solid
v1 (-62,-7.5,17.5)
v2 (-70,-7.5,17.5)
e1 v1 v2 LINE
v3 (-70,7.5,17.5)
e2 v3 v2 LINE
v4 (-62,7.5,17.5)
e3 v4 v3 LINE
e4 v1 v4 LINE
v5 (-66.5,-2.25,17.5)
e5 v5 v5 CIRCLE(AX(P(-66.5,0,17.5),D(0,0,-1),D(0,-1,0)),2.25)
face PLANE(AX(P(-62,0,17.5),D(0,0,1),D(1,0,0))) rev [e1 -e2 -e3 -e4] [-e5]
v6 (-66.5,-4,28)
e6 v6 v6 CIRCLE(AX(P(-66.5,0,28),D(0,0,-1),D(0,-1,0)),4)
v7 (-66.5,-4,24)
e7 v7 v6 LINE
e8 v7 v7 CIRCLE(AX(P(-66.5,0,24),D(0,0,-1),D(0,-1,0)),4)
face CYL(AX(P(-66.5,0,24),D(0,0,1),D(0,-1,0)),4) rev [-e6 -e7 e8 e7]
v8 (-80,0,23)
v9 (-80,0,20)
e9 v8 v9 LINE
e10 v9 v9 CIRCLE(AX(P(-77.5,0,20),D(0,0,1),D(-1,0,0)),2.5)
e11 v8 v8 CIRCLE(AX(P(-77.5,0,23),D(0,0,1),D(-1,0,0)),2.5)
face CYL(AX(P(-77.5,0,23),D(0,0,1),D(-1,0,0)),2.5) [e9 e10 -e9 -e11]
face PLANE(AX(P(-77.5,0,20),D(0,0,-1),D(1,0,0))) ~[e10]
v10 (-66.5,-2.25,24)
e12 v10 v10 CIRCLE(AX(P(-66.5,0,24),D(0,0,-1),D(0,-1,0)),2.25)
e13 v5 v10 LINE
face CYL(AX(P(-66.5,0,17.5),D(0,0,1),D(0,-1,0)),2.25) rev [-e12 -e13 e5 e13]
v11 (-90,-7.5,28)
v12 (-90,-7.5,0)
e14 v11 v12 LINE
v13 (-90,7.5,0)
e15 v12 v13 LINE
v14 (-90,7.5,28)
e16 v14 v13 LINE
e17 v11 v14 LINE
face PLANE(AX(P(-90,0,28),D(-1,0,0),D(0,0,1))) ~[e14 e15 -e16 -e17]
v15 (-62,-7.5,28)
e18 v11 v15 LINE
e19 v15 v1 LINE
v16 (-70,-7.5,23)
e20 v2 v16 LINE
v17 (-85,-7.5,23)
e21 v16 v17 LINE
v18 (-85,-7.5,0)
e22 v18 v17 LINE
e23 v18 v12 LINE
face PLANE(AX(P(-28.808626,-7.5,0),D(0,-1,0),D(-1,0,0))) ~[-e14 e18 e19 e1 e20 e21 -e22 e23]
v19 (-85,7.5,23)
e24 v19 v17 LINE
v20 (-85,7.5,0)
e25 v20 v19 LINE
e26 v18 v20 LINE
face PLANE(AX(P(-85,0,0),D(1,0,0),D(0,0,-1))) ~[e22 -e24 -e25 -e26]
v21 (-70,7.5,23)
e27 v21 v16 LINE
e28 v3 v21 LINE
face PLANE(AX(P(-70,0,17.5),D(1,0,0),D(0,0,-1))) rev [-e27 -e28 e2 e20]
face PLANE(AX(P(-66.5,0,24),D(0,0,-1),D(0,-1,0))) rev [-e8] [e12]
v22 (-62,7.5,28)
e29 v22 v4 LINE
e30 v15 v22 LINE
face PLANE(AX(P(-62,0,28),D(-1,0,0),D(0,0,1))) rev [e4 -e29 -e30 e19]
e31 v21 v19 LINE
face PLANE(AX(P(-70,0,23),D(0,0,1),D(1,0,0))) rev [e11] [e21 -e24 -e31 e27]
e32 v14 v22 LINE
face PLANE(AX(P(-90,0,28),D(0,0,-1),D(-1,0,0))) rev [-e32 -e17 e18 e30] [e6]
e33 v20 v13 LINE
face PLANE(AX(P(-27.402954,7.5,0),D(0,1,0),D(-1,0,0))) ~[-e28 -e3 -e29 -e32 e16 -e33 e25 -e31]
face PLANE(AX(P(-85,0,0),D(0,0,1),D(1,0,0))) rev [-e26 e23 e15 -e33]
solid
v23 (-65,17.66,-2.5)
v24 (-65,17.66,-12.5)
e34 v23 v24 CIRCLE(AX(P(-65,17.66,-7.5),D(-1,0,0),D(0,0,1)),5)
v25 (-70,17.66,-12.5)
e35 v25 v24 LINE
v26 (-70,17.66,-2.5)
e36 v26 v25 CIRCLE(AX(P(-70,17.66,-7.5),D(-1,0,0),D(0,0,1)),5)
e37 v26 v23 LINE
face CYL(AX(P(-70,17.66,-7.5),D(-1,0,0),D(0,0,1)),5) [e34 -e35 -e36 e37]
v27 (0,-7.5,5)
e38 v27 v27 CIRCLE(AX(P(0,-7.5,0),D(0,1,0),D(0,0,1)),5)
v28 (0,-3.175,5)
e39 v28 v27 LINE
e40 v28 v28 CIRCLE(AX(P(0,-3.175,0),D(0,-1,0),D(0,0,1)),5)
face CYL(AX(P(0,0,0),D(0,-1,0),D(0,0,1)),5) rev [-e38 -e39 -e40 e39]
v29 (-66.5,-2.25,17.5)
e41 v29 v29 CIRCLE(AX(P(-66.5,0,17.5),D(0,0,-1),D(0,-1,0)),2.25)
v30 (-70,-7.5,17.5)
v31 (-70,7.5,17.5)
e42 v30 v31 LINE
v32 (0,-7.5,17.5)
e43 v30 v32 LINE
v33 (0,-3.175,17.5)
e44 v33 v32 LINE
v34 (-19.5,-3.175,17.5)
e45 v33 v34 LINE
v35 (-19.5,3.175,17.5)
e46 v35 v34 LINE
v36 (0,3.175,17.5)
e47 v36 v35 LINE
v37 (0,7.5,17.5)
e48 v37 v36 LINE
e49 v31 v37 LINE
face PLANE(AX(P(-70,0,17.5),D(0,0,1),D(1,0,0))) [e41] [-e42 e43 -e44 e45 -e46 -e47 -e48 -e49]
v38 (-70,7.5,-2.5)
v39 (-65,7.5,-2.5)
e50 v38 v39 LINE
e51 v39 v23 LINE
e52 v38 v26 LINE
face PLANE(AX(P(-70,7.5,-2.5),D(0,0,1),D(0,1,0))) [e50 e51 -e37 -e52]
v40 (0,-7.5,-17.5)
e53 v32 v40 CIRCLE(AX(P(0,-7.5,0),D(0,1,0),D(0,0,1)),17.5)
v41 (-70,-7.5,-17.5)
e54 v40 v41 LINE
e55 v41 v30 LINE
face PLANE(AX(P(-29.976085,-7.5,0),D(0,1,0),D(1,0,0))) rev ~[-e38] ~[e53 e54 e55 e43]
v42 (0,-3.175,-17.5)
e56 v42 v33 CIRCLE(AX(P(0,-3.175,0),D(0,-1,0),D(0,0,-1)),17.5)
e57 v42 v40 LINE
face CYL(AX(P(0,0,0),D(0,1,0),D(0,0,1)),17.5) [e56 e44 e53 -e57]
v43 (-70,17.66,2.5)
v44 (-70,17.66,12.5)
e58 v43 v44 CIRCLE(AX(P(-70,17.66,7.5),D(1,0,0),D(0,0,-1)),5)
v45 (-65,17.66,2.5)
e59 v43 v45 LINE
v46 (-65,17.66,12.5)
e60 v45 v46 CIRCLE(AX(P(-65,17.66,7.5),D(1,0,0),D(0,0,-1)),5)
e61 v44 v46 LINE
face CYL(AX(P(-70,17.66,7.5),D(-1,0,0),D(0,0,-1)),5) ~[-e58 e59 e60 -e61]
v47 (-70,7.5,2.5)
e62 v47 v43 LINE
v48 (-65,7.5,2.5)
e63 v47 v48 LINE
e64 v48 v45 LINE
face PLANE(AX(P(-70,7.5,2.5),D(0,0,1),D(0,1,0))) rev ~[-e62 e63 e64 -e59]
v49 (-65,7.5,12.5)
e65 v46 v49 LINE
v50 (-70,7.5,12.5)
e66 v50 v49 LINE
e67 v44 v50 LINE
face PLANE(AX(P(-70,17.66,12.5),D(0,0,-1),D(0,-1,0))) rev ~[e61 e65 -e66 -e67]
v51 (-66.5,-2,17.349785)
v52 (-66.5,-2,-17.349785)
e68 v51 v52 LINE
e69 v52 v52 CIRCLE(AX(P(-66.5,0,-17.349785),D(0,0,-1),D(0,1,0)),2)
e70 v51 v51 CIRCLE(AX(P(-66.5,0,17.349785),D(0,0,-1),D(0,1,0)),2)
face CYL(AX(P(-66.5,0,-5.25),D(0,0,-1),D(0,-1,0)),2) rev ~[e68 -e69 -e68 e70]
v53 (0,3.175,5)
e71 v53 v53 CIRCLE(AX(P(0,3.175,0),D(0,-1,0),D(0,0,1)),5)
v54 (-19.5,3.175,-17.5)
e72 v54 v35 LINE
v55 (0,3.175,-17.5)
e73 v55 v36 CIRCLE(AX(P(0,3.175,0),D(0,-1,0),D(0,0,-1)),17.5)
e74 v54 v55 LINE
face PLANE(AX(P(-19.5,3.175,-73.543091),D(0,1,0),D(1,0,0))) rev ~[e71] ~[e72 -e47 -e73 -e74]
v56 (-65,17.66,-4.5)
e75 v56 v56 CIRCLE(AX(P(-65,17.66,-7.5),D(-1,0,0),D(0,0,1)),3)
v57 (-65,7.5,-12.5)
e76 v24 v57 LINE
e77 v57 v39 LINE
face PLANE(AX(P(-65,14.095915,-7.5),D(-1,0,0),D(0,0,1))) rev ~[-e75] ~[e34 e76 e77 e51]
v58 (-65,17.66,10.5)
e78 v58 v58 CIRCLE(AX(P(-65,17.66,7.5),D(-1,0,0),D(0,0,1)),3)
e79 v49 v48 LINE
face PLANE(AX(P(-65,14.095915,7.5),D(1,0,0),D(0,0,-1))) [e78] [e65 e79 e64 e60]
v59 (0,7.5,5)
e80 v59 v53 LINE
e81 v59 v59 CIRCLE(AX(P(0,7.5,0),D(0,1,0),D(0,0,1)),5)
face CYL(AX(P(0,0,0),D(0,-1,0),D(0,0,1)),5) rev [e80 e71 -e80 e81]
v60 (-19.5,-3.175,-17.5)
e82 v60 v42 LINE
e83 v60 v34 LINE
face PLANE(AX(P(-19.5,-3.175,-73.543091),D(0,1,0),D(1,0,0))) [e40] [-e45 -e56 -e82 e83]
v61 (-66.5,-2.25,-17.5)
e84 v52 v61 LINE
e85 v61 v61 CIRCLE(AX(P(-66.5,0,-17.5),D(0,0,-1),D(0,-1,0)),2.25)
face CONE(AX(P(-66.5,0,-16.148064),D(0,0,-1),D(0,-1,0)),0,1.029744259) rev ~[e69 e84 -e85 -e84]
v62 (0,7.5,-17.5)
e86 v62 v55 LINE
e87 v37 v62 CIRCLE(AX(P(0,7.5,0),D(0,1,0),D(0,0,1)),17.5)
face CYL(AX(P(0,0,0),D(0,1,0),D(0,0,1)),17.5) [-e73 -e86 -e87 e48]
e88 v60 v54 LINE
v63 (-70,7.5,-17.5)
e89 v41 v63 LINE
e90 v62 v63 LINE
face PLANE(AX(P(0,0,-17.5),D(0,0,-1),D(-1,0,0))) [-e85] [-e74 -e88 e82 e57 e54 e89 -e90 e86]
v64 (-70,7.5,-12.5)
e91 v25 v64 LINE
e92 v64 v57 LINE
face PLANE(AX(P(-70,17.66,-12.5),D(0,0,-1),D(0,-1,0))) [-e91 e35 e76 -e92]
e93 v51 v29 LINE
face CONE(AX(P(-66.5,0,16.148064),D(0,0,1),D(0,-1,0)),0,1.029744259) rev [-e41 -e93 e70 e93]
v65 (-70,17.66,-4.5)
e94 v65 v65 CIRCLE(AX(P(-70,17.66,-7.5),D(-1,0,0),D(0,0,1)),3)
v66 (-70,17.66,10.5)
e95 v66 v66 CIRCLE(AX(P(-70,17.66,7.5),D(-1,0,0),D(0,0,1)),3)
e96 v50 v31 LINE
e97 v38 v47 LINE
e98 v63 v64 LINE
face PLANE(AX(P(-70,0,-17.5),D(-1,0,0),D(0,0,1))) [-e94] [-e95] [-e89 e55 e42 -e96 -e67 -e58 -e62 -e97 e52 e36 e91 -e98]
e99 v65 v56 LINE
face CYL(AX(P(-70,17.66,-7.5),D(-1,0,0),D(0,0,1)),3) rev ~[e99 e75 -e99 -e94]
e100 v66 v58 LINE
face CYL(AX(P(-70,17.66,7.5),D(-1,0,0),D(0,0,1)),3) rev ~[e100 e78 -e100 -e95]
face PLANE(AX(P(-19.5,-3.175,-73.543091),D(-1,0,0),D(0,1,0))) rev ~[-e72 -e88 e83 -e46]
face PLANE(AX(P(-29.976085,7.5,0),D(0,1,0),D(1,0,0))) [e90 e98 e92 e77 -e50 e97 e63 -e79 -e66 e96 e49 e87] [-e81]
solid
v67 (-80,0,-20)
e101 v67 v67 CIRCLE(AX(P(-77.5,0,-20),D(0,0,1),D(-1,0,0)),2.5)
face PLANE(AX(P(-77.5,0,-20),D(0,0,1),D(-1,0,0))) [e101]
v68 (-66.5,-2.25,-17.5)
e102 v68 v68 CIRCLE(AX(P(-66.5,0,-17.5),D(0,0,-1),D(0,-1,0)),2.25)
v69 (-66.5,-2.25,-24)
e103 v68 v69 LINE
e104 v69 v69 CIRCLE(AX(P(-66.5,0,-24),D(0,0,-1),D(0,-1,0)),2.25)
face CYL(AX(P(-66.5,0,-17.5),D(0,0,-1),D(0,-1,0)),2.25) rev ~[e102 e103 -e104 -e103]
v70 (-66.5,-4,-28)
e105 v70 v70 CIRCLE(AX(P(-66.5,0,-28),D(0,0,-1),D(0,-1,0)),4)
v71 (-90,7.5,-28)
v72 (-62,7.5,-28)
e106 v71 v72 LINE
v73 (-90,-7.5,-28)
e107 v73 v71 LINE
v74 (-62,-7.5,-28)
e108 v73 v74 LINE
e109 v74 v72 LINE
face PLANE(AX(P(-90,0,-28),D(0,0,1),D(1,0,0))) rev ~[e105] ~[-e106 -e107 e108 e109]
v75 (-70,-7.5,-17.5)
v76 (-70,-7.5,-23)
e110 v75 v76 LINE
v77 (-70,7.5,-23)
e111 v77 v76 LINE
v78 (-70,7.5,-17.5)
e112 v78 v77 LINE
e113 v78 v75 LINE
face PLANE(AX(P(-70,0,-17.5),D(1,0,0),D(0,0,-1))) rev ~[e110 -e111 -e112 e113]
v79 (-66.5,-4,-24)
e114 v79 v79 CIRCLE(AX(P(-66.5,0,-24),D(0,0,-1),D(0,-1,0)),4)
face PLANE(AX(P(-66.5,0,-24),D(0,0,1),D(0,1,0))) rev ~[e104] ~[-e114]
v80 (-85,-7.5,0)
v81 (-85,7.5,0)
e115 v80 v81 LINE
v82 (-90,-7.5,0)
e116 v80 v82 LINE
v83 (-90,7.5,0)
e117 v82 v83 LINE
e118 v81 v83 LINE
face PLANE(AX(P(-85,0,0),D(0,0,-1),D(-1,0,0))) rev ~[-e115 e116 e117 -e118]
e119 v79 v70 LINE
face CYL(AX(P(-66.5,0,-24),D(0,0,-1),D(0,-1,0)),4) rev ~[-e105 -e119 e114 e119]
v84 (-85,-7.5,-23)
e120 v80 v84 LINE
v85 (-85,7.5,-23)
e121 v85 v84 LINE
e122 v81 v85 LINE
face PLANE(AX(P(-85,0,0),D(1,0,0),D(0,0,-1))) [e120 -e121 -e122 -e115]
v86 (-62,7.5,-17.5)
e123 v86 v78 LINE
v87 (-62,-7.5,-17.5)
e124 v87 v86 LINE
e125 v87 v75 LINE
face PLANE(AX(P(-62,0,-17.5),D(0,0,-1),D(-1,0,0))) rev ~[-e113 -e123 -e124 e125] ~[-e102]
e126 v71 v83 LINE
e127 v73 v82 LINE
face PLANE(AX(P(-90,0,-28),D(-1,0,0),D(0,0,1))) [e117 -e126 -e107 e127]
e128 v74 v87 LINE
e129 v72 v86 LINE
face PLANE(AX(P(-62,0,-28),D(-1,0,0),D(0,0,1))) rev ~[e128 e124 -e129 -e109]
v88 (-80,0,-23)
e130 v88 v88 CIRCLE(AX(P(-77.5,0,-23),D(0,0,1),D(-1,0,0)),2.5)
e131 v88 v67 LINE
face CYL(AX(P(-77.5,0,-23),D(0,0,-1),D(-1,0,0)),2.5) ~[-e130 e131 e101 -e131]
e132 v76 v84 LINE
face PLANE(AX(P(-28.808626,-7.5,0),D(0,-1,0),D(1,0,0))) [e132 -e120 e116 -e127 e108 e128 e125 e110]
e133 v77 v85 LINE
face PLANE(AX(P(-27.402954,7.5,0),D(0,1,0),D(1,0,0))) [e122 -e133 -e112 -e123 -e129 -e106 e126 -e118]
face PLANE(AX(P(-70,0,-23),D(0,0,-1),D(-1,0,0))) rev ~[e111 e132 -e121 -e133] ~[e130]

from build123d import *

# Parameters (mm, degrees)
SKETCH1_R                       = 5
BOSS_EXTRUDE2_DEPTH             = 7.5
CUT_EXTRUDE2_DEPTH              = 73.543090643
CUT_EXTRUDE2_DEPTH_BACK         = 73.543090643
SKETCH4_W                       = 37
SKETCH4_H                       = 6.35
SKETCH6_R                       = 3
BOSS_EXTRUDE5_DEPTH             = 5
BOSS_EXTRUDE6_REACH             = 77.629
BOSS_EXTRUDE6_DIRECTION_2_REACH = 77.629
SKETCH9_R                       = 2.5
BOSS_EXTRUDE7_DEPTH             = 3
SKETCH15_W                      = 2
SKETCH15_H                      = 45.5


with BuildPart() as part:
    # Sketch1 → Boss-Extrude2 (new, symmetric)
    with BuildSketch(Plane(origin=(0, 0, 0), x_dir=(1, 0, 0), z_dir=(0, 1, 0))):
        with BuildLine():
            Line((0, 17.5), (-70, 17.5))
            Line((-70, 17.5), (-70, -17.5))
            Line((-70, -17.5), (0, -17.5))
            ThreePointArc((0, -17.5), (17.5, 0), (0, 17.5))
        make_face()
        with Locations(Location((0, 0, 0), (0, 0, 270))):
            Circle(SKETCH1_R, mode=Mode.SUBTRACT)
    extrude(amount=BOSS_EXTRUDE2_DEPTH, both=True)

    # Sketch4 → Cut-Extrude2 (cut, two sides: drawn at the far end of the back side and taken through both)
    with BuildSketch(Plane.XY.offset(-CUT_EXTRUDE2_DEPTH_BACK)):
        with Locations((-1, 0)):
            Rectangle(SKETCH4_W, SKETCH4_H)
    extrude(amount=CUT_EXTRUDE2_DEPTH + CUT_EXTRUDE2_DEPTH_BACK, mode=Mode.SUBTRACT)

    # Sketch6 → Boss-Extrude5 (add)
    # profile 1 of 2: a face of its own
    with BuildSketch(Plane.ZY.offset(70)):
        with BuildLine():
            Line((-12.5, 7.5), (-2.5, 7.5))
            Line((-2.5, 7.5), (-2.5, 17.66))
            ThreePointArc((-2.5, 17.66), (-7.5, 22.66), (-12.5, 17.66))
            Line((-12.5, 17.66), (-12.5, 7.5))
        make_face()
        with Locations((-7.5, 17.66)):
            Circle(SKETCH6_R, mode=Mode.SUBTRACT)
    # profile 2 of 2: a face of its own
    with BuildSketch(Plane.ZY.offset(70)):
        with BuildLine():
            Line((12.5, 7.5), (2.5, 7.5))
            Line((2.5, 7.5), (2.5, 17.66))
            ThreePointArc((2.5, 17.66), (7.5, 22.66), (12.5, 17.66))
            Line((12.5, 17.66), (12.5, 7.5))
        make_face()
        with Locations((7.5, 17.66)):
            Circle(SKETCH6_R, mode=Mode.SUBTRACT)
    extrude(amount=-BOSS_EXTRUDE5_DEPTH)


with BuildPart() as body_2:

    # Boss-Extrude6: up to this face of the body (flat: up to its plane)
    boss_extrude6_end = Plane(part.part.faces().sort_by_distance((-27.402953524, 7.5, 0))[0])
    # Sketch8 → Boss-Extrude6 (new, up to the picked face)
    with BuildSketch(Plane(origin=(0, 0, 0), x_dir=(1, 0, 0), z_dir=(0, 1, 0)), mode=Mode.PRIVATE) as boss_extrude6_sk1:
        Polygon((-62, 17.5), (-70, 17.5), (-70, 23), (-85, 23), (-85, 17.5), (-85, 0), (-90, 0), (-90, 17.5), (-90, 28), (-62, 28), align=None)
    boss_extrude6_tool1 = split(extrude(boss_extrude6_sk1.sketch, amount=BOSS_EXTRUDE6_REACH, mode=Mode.PRIVATE), bisect_by=boss_extrude6_end, keep=Keep.BOTH, mode=Mode.PRIVATE)
    add(boss_extrude6_tool1.solids().sort_by(Axis((-66, 0, -17.89598), (0, 1, 0)))[0])


    # Boss-Extrude6 direction 2: up to this face of the body (flat: up to its plane)
    boss_extrude6_direction_2_end = Plane(part.part.faces().sort_by_distance((-28.808626222, -7.5, 0))[0])
    # Sketch8 → Boss-Extrude6 direction 2 (add, up to the picked face)
    with BuildSketch(Plane(origin=(0, 0, 0), x_dir=(1, 0, 0), z_dir=(0, 1, 0)), mode=Mode.PRIVATE) as boss_extrude6_direction_2_sk1:
        Polygon((-62, 17.5), (-70, 17.5), (-70, 23), (-85, 23), (-85, 17.5), (-85, 0), (-90, 0), (-90, 17.5), (-90, 28), (-62, 28), align=None)
    boss_extrude6_direction_2_tool1 = split(extrude(boss_extrude6_direction_2_sk1.sketch, amount=-BOSS_EXTRUDE6_DIRECTION_2_REACH, mode=Mode.PRIVATE), bisect_by=boss_extrude6_direction_2_end, keep=Keep.BOTH, mode=Mode.PRIVATE)
    add(boss_extrude6_direction_2_tool1.solids().sort_by(Axis((-66, 0, -17.89598), (0, -1, 0)))[0])

    # Sketch9 → Boss-Extrude7 (add)
    with BuildSketch(Plane.XY.offset(-23)):
        with Locations(Location((-77.5, 0, 0), (0, 0, 180))):
            Circle(SKETCH9_R)
    extrude(amount=BOSS_EXTRUDE7_DEPTH)


with BuildPart() as body_3:
    # Mirror3: mirrored copy
    add(body_2.part.mirror(Plane.XY))


with BuildPart() as cbore_for_m4_shcs1_tool:
    # Sketch13 → CBORE for M4 SHCS1 (revolve)
    with BuildSketch(Plane(origin=(-66.5, 0, 28), x_dir=(0, -1, 0), z_dir=(1, 0, 0))):
        Polygon((0, 0), (0, 11.851936393), (2.25, 10.5), (2.25, 4), (4, 4), (4, 0), align=None)
    cbore_for_m4_shcs1 = revolve(axis=Axis((-66.5, 0, 34.35), (0, 0, -1)))


with BuildPart() as part_1:
    add(part.part)

    # CBORE for M4 SHCS1: cut by cbore_for_m4_shcs1_tool
    add(cbore_for_m4_shcs1_tool.part, mode=Mode.SUBTRACT)


with BuildPart() as body_3_1:
    add(body_3.part)

    # CBORE for M4 SHCS1: cut by cbore_for_m4_shcs1_tool
    add(cbore_for_m4_shcs1_tool.part, mode=Mode.SUBTRACT)


with BuildPart() as mirror5_tool:
    # Mirror5: CBORE for M4 SHCS1 across plane
    add(cbore_for_m4_shcs1.mirror(Plane.XY))


with BuildPart() as part_2:
    add(part_1.part)

    # Mirror5: cut by mirror5_tool
    add(mirror5_tool.part, mode=Mode.SUBTRACT)

    # Sketch15 → Ø4.0mm Dowel Hole1 (revolve, cut)
    with BuildSketch(Plane(origin=(-66.5, 0, 17.5), x_dir=(0, -1, 0), z_dir=(1, 0, 0))):
        with Locations((1, 22.75)):
            Rectangle(SKETCH15_W, SKETCH15_H)
    revolve(axis=Axis((-66.5, 0, 23.85), (0, 0, -1)), mode=Mode.SUBTRACT)


with BuildPart() as body_2_1:
    add(body_2.part)

    # Mirror5: cut by mirror5_tool
    add(mirror5_tool.part, mode=Mode.SUBTRACT)


solid = Compound([body_3_1.part, part_2.part, body_2_1.part])
